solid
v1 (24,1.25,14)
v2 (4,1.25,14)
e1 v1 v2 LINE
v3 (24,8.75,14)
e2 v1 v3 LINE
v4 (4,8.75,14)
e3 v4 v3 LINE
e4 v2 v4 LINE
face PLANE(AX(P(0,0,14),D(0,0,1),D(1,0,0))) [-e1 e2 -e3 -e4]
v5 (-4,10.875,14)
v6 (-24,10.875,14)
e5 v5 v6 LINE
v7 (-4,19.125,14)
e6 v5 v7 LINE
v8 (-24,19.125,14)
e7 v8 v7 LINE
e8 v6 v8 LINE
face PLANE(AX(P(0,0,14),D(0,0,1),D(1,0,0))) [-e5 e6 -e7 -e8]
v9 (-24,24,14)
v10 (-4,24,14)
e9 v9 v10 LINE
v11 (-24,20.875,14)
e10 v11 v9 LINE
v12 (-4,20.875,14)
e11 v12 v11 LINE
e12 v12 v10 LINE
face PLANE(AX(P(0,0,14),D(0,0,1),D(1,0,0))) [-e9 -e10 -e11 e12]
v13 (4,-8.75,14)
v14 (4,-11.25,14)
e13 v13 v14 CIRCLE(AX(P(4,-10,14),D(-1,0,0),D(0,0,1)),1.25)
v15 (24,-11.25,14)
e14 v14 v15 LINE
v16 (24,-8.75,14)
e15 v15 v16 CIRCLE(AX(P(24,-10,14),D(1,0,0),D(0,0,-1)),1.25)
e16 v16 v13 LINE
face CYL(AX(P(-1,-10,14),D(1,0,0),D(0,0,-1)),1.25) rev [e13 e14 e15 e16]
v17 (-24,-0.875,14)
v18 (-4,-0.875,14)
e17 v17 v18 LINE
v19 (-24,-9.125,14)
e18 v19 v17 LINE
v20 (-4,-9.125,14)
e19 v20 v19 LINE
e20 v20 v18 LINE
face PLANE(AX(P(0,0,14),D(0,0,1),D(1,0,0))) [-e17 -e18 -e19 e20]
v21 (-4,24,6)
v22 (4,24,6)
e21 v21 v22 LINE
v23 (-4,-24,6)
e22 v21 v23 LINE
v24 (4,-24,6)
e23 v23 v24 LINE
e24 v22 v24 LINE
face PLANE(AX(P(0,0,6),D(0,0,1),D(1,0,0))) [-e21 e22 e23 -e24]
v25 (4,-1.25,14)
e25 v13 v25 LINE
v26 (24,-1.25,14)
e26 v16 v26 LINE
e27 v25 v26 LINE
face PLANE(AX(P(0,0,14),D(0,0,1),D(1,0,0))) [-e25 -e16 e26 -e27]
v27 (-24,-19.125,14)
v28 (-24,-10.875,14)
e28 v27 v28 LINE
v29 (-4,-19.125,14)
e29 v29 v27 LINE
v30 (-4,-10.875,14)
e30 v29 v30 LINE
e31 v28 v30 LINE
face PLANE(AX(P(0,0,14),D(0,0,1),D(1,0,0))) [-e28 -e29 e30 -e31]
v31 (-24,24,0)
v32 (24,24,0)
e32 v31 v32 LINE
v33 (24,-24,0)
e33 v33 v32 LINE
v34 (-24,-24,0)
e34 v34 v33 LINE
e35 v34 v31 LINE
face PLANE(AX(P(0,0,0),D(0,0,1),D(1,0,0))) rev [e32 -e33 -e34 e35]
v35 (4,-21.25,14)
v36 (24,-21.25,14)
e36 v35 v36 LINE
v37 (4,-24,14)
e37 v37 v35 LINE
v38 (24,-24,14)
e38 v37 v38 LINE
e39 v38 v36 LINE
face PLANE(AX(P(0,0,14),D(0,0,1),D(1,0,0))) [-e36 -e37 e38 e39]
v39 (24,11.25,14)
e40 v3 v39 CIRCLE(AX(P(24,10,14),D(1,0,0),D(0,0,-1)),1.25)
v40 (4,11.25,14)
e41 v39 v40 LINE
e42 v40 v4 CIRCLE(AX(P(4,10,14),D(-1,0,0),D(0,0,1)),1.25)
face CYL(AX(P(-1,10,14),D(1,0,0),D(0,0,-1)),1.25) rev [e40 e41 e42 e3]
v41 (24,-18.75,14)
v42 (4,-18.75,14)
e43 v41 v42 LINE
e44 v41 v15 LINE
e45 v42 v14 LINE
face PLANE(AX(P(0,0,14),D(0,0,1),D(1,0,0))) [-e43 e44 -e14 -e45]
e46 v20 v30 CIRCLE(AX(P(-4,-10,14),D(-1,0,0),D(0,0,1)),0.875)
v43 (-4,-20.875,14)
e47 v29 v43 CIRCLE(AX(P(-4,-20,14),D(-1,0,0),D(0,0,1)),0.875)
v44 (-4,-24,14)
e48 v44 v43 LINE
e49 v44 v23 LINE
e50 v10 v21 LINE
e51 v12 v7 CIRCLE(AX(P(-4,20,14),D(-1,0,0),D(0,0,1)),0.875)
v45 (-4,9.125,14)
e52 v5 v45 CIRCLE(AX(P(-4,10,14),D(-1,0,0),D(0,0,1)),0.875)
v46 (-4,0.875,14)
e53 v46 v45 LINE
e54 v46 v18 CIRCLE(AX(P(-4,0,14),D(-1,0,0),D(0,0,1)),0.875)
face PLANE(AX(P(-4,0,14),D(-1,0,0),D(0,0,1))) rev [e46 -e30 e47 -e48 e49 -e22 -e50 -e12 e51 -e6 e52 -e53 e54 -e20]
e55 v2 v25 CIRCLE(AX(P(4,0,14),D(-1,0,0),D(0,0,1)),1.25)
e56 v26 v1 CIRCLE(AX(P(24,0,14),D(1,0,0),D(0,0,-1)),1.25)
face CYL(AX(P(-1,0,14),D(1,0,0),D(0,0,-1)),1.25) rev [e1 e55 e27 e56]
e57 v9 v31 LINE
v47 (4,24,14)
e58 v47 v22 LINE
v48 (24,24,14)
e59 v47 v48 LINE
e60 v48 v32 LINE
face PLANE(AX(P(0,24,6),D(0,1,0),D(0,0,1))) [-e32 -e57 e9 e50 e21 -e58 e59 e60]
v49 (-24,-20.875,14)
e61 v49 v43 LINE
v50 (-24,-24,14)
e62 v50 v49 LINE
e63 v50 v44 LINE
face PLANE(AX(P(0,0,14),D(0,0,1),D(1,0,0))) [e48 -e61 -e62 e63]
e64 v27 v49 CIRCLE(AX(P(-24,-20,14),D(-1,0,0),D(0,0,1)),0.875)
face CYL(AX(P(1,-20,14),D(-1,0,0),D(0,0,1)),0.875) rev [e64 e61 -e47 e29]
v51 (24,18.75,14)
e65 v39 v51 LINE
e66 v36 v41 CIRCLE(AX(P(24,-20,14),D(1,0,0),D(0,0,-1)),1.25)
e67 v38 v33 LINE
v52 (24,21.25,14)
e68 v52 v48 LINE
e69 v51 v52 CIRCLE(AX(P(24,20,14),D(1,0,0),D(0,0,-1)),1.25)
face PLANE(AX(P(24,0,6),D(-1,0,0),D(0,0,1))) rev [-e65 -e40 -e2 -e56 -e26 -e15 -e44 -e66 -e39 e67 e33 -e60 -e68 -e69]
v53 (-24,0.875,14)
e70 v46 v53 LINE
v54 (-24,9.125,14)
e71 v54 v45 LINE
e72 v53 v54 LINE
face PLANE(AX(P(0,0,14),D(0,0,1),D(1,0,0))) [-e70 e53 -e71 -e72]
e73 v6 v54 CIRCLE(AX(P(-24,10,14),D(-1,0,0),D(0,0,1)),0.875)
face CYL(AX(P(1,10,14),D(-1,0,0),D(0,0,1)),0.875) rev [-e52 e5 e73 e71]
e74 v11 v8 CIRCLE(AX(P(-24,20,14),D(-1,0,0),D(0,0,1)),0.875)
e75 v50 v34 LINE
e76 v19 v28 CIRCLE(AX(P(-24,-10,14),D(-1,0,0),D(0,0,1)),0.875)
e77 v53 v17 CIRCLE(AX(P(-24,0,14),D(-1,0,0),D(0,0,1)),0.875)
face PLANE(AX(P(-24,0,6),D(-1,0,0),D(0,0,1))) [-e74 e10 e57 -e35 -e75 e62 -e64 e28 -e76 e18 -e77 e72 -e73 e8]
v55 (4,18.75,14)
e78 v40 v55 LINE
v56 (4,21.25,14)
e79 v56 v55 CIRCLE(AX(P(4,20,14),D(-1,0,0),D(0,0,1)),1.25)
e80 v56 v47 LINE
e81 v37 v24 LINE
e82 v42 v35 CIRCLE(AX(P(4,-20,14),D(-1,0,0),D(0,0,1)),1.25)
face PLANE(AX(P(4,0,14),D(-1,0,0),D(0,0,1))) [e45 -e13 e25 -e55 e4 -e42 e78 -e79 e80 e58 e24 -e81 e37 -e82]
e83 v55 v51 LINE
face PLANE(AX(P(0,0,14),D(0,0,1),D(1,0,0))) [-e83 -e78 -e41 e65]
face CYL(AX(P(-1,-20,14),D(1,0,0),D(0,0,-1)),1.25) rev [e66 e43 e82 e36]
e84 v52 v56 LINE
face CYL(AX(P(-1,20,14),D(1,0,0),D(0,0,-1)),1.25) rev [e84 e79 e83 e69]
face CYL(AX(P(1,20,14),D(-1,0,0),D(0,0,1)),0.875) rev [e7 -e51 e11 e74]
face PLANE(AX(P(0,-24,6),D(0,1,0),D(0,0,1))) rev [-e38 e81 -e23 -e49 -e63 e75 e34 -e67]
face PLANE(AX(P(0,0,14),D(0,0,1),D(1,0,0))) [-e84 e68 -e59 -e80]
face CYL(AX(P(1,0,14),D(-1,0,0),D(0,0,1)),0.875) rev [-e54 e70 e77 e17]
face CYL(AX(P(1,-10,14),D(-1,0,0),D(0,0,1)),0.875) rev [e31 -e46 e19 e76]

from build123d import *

# Parameters (mm, degrees)
SKETCH1_W           = 48
SKETCH1_H           = 48
BOSS_EXTRUDE1_DEPTH = 6
SKETCH1_3_W         = 20
SKETCH1_3_H         = 48
BOSS_EXTRUDE2_DEPTH = 14
SKETCH2_R           = 0.875
CUT_EXTRUDE1_DEPTH  = 25
SKETCH3_R           = 1.25
CUT_EXTRUDE2_DEPTH  = 25


with BuildPart() as part:
    # Sketch1 → Boss-Extrude1 (new body)
    with BuildSketch(Plane.XY):
        Rectangle(SKETCH1_W, SKETCH1_H)
    extrude(amount=BOSS_EXTRUDE1_DEPTH)

    # Sketch1<3> → Boss-Extrude2 (add)
    with BuildSketch(Plane.XY):
        with Locations((-14, 0)):
            Rectangle(SKETCH1_3_W, SKETCH1_3_H)
        with Locations((14, 0)):
            Rectangle(SKETCH1_3_W, SKETCH1_3_H)
    extrude(amount=BOSS_EXTRUDE2_DEPTH)

    # Sketch2 → Cut-Extrude1 (cut)
    with BuildSketch(Plane.ZY.offset(24)):
        with Locations((14, 0)):
            Circle(SKETCH2_R)
        with Locations((14, 10)):
            Circle(SKETCH2_R)
        with Locations((14, 20)):
            Circle(SKETCH2_R)
        with Locations((14, -10)):
            Circle(SKETCH2_R)
        with Locations((14, -20)):
            Circle(SKETCH2_R)
    extrude(amount=-CUT_EXTRUDE1_DEPTH, mode=Mode.SUBTRACT)

    # Sketch3 → Cut-Extrude2 (cut)
    with BuildSketch(Plane(origin=(24, 0, 0), x_dir=(0, 0, -1), z_dir=(1, 0, 0))):
        with Locations((-14, 0)):
            Circle(SKETCH3_R)
        with Locations((-14, -10)):
            Circle(SKETCH3_R)
        with Locations((-14, -20)):
            Circle(SKETCH3_R)
        with Locations((-14, 10)):
            Circle(SKETCH3_R)
        with Locations((-14, 20)):
            Circle(SKETCH3_R)
    extrude(amount=-CUT_EXTRUDE2_DEPTH, mode=Mode.SUBTRACT)


solid = part.part
